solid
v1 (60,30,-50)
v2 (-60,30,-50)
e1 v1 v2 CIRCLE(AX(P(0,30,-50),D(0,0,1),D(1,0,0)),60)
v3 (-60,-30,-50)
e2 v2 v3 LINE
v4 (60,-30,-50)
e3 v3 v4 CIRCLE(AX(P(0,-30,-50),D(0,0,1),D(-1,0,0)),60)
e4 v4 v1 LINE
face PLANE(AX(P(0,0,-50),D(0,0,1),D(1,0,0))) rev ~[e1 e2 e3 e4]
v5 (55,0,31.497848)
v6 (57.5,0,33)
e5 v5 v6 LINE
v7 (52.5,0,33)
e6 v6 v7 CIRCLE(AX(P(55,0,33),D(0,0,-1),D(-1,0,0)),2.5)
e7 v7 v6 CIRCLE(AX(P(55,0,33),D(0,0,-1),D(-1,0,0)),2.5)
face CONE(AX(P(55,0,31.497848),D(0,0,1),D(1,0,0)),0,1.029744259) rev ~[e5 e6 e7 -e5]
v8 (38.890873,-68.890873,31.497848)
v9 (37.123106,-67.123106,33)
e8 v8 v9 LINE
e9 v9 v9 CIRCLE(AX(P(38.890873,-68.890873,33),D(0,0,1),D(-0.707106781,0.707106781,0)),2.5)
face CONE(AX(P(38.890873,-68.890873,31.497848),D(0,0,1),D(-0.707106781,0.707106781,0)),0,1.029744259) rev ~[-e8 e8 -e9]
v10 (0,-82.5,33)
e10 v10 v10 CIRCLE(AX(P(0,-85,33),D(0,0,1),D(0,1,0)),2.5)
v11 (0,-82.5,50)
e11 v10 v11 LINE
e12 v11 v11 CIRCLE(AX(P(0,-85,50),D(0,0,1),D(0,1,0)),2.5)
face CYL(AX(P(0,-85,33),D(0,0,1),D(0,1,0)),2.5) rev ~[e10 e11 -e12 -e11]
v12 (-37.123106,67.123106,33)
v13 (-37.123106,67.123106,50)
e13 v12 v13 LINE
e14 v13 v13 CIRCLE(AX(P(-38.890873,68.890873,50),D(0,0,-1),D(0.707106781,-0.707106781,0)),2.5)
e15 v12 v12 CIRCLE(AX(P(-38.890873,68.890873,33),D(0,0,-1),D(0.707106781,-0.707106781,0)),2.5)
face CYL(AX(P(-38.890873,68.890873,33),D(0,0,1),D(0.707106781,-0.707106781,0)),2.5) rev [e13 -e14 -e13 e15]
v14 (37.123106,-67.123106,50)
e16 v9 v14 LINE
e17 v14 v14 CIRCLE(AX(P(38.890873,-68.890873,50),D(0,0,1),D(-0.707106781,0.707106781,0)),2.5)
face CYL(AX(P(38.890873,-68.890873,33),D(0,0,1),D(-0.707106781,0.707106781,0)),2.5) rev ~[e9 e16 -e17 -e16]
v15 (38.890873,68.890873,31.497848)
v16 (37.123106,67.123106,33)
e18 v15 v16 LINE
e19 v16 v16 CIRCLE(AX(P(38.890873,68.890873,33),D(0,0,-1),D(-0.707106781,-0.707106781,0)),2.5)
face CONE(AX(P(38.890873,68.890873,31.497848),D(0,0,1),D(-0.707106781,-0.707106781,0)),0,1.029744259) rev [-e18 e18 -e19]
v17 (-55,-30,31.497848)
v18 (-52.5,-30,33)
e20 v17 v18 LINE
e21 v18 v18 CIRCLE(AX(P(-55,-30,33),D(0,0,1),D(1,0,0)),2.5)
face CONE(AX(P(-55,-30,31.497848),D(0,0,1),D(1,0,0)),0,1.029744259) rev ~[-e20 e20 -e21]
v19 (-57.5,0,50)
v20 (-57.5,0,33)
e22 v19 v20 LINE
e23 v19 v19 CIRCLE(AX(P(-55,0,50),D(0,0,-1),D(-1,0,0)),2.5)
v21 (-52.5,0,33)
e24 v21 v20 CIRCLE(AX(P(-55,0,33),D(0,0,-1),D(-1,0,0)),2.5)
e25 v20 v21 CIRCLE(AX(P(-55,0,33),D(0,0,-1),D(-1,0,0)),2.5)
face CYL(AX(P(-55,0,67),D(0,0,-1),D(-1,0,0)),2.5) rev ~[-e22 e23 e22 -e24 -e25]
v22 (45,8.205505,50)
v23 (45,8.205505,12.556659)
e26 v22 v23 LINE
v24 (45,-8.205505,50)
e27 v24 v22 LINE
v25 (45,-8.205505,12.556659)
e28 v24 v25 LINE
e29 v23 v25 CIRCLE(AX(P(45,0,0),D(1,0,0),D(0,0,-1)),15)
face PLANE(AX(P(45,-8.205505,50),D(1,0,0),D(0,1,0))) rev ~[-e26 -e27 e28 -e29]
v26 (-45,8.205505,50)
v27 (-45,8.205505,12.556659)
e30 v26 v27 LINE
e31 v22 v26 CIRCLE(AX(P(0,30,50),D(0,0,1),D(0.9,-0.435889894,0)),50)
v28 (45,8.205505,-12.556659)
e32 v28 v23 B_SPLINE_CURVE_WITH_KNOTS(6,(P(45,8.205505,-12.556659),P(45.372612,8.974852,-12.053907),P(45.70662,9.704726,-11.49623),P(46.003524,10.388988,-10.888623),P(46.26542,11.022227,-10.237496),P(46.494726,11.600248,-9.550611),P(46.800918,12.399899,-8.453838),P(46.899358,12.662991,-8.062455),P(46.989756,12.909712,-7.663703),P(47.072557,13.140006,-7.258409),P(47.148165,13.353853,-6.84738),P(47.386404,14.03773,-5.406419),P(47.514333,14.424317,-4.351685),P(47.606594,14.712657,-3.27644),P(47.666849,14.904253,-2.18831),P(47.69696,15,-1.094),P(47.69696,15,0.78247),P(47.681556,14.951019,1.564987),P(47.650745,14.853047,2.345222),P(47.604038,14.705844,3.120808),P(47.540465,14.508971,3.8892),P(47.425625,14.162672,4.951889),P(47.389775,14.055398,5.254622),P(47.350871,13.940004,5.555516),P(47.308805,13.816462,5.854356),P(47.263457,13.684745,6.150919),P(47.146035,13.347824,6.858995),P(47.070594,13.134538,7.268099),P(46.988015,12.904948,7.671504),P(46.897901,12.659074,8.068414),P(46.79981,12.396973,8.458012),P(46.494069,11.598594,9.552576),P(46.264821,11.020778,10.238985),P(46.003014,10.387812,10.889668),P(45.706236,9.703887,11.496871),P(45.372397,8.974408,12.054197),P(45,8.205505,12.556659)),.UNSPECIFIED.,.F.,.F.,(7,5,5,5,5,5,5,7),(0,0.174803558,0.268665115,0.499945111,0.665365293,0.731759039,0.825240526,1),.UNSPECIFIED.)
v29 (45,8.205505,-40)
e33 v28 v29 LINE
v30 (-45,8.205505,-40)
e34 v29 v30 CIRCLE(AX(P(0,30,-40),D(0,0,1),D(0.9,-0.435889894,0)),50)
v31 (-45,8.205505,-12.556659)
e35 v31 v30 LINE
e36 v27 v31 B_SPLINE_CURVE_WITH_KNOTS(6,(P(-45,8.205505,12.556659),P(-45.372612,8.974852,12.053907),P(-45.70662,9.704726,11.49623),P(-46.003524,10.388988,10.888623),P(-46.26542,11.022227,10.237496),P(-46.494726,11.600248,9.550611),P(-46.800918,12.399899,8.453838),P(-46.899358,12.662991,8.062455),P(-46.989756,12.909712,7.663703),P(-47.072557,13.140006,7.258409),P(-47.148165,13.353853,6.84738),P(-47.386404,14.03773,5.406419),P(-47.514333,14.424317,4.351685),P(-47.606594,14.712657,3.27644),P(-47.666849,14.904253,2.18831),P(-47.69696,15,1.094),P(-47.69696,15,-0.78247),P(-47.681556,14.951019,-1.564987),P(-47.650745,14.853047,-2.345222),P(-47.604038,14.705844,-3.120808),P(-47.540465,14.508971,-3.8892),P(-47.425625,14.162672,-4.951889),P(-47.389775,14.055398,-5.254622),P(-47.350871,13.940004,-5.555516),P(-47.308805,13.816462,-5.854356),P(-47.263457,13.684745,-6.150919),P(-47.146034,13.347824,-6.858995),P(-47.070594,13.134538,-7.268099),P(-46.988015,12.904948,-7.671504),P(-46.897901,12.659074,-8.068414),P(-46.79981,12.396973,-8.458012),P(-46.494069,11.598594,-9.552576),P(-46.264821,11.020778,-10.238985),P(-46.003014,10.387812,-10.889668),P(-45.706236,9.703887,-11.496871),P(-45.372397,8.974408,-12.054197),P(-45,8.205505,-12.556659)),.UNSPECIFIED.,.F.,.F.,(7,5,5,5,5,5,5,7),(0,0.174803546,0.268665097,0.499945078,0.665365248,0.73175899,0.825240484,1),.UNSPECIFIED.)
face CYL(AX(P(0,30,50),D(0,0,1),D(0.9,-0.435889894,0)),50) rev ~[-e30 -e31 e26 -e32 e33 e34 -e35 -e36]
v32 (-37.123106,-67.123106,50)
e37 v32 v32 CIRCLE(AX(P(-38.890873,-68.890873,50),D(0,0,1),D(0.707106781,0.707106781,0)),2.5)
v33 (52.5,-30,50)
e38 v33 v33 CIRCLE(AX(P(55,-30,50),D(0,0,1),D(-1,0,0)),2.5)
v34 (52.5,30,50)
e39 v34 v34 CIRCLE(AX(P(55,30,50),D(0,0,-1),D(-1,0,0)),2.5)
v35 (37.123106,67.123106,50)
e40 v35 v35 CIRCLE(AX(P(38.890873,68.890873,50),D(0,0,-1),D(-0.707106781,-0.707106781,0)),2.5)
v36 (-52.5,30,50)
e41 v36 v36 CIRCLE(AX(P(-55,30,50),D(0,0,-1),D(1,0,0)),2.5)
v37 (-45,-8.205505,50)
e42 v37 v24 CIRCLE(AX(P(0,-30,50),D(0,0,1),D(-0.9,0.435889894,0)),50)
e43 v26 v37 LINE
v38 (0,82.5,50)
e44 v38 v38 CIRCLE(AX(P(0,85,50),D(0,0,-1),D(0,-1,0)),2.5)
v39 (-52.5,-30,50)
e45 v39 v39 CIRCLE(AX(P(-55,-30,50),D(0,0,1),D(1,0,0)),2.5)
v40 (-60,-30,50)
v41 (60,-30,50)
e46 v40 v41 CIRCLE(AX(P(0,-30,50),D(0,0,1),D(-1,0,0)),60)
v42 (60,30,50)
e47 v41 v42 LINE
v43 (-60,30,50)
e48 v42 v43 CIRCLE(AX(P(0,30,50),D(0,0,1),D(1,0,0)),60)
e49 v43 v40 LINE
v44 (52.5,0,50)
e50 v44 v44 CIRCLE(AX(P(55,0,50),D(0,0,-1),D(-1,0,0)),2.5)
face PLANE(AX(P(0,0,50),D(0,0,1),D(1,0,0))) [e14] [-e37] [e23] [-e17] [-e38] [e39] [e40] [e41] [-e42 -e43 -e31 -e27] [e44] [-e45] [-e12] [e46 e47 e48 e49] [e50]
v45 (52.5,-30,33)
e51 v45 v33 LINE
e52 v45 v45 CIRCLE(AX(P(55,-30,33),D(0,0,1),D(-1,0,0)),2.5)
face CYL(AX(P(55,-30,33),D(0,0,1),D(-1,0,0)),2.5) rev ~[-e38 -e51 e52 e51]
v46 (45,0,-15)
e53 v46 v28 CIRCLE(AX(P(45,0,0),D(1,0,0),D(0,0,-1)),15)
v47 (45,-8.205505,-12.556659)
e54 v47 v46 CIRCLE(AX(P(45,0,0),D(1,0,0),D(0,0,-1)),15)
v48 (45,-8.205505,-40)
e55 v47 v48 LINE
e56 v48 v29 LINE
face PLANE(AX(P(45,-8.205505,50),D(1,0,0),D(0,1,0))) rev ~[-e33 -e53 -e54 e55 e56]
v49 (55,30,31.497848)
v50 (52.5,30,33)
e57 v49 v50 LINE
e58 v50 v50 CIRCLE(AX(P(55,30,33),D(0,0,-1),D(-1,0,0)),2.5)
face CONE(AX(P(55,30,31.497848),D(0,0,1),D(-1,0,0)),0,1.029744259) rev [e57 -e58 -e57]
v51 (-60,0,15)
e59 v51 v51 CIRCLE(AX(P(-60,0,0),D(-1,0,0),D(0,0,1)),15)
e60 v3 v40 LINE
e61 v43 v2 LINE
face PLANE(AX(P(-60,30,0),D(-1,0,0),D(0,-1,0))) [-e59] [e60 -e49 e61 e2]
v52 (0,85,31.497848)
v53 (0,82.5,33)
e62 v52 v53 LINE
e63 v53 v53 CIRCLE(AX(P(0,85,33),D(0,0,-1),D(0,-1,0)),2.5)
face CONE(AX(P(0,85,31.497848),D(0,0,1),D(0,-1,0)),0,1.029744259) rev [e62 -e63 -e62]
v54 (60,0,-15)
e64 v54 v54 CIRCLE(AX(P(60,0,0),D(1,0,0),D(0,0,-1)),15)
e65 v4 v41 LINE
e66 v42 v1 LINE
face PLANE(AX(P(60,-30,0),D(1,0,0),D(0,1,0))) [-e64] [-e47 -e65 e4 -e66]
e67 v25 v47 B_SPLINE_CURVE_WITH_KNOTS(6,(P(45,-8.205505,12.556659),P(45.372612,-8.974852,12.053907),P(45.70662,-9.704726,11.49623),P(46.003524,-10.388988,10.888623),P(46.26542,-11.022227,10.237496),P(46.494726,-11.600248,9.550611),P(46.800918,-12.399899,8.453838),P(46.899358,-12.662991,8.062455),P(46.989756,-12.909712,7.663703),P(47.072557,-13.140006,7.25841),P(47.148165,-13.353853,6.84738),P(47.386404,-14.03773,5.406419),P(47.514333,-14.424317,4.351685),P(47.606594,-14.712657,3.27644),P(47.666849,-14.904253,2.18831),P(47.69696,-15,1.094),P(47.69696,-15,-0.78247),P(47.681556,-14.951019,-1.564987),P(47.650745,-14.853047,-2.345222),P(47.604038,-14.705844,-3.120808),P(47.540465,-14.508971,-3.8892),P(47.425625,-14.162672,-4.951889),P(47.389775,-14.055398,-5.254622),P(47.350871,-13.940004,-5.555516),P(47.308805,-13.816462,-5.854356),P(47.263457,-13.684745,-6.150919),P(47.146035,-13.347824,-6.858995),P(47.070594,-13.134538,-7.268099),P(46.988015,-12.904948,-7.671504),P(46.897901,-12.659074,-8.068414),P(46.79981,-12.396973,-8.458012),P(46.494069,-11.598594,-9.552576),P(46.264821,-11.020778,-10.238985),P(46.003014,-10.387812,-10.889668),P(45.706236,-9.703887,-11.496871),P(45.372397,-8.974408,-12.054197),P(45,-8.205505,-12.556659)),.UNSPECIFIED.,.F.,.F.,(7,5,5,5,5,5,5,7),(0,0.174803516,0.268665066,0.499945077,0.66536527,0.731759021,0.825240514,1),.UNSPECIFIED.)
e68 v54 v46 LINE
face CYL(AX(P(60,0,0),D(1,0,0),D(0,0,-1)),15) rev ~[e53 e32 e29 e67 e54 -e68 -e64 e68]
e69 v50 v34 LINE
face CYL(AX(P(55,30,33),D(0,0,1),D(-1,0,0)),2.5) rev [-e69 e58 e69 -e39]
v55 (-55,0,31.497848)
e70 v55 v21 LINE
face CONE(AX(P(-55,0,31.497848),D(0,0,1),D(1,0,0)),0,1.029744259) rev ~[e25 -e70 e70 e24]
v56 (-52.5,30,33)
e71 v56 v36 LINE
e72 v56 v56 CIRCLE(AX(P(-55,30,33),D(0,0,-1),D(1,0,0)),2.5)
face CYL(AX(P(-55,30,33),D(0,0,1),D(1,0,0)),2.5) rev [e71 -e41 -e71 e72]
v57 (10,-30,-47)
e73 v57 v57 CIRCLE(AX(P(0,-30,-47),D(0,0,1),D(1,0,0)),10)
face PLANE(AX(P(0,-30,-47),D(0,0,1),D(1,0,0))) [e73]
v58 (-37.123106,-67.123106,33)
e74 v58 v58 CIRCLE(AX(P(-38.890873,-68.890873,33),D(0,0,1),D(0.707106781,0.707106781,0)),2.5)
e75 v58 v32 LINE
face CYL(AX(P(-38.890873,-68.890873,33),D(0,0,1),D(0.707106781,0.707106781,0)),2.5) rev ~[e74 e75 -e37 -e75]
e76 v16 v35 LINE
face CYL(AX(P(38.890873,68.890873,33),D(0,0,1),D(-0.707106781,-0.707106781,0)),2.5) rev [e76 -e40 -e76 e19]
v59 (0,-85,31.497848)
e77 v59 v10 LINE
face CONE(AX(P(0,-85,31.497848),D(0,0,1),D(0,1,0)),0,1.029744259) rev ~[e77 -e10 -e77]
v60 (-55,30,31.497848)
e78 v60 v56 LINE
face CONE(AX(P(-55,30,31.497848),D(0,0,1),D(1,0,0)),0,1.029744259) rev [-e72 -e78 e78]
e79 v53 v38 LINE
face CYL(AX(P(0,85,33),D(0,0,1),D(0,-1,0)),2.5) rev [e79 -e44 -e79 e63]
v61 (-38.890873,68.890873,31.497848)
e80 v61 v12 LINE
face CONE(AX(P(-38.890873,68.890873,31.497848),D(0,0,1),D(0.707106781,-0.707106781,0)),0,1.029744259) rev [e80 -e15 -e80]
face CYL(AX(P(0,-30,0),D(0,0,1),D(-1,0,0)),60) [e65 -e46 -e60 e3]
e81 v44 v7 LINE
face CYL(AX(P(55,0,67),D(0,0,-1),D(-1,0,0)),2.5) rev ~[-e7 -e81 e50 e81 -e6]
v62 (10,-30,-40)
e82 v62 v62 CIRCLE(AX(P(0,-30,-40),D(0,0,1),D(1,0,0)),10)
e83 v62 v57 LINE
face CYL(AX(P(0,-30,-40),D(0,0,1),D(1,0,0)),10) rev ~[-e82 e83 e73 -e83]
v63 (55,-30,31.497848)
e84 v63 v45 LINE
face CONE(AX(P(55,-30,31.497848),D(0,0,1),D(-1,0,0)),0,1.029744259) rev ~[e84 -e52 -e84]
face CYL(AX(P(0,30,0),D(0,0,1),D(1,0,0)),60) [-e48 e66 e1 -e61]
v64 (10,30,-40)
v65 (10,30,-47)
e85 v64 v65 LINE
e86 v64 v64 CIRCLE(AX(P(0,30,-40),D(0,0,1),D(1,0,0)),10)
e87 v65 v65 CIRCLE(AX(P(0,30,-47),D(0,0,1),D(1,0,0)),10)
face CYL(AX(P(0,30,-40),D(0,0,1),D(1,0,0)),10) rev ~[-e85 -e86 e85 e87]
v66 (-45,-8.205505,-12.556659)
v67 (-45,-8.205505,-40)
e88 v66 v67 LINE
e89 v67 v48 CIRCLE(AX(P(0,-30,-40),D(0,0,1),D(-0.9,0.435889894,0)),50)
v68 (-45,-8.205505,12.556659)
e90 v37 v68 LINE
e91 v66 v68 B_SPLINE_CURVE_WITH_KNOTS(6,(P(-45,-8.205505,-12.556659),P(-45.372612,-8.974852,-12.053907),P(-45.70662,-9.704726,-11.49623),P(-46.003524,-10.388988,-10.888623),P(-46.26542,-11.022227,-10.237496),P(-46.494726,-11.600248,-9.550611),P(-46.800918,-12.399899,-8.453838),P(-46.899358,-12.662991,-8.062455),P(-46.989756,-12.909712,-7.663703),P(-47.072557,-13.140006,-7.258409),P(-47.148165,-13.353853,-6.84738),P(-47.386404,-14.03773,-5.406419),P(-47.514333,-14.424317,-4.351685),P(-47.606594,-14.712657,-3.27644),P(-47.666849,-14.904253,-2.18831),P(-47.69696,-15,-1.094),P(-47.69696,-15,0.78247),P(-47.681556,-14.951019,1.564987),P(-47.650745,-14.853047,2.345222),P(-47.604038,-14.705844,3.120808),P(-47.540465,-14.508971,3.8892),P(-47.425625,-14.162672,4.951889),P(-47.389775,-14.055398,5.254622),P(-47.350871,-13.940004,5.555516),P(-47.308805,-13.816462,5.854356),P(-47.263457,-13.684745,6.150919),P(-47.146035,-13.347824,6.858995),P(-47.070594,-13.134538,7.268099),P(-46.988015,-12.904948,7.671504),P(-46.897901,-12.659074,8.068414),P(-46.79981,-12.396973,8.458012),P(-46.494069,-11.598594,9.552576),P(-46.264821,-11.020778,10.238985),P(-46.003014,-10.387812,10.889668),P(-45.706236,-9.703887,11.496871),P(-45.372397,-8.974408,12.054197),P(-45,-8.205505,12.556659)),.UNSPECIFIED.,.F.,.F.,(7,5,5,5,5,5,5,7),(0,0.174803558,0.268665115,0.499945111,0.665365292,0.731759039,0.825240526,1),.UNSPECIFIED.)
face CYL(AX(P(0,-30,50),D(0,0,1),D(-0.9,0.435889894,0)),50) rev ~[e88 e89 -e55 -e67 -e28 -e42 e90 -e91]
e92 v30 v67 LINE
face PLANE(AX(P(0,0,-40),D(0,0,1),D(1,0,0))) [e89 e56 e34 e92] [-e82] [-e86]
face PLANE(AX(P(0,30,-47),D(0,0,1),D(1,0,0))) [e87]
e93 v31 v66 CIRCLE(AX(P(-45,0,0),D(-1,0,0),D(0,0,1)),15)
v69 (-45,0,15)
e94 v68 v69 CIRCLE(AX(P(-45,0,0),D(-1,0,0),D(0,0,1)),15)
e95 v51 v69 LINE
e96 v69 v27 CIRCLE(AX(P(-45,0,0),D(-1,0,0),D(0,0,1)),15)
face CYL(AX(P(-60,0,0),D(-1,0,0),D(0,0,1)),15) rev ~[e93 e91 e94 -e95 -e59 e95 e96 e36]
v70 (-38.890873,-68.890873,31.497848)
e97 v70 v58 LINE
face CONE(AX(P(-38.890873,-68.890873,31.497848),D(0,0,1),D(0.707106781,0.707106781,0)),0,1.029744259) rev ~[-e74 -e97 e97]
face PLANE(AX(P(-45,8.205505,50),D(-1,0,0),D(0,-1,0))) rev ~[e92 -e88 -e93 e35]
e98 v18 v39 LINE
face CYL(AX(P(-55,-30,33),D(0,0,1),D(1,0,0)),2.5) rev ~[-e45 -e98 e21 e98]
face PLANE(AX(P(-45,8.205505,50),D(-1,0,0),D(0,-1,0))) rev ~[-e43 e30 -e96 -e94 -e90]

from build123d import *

# Parameters (mm, degrees)
OUTER_HOUSING_EXTRUDE_DEPTH            = 50
INNER_HOUSING_CUT_DEPTH                = 90
SKETCH3_R                              = 10
SHAFT_BEARING_INSERT_HOLE_DEPTH        = 7
HIGH_PRESSURE_OUTLET_HOLE_REACH        = 122
SKETCH4_R                              = 15
LOW_PRESSURE_INLET_HOLE_REACH          = 122
SKETCH5_R                              = 15
HOUSING_COVER_TOP_FASTENER_HOLES_COUNT = 8
M6X1_0_TAPPED_HOLE2_D                  = 5
M6X1_0_TAPPED_HOLE2_DEPTH              = 17
M6X1_0_TAPPED_HOLE2_TIP                = 1.502151548


with BuildPart() as part:
    # Sketch1 → Outer Housing Extrude (new body, symmetric)
    with BuildSketch(Plane.XY):
        with BuildLine():
            Line((-60, 30), (-60, -30))
            ThreePointArc((-60, -30), (0, -90), (60, -30))
            Line((60, -30), (60, 30))
            ThreePointArc((60, 30), (0, 90), (-60, 30))
        make_face()
    extrude(amount=OUTER_HOUSING_EXTRUDE_DEPTH, both=True)

    # Sketch2 → Inner Housing Cut (cut)
    with BuildSketch(Plane.XY.offset(50)):
        with BuildLine():
            Line((-45, 8.205505282), (-45, -8.205505282))
            ThreePointArc((-45, -8.205505282), (0, -80), (45, -8.205505282))
            Line((45, -8.205505282), (45, 8.205505282))
            ThreePointArc((45, 8.205505282), (0, 80), (-45, 8.205505282))
        make_face()
    extrude(amount=-INNER_HOUSING_CUT_DEPTH, mode=Mode.SUBTRACT)

    # Sketch3 → Shaft Bearing Insert Hole (cut)
    with BuildSketch(Plane.XY.offset(-40)):
        with Locations((0, 30)):
            Circle(SKETCH3_R)
        with Locations((0, -30)):
            Circle(SKETCH3_R)
    extrude(amount=-SHAFT_BEARING_INSERT_HOLE_DEPTH, mode=Mode.SUBTRACT)

    # Sketch4 → High Pressure Outlet Hole (cut, up to next)
    with BuildSketch(Plane.ZY.offset(60), mode=Mode.PRIVATE) as high_pressure_outlet_hole_sk1:
        Circle(SKETCH4_R)
    high_pressure_outlet_hole_tool1 = extrude(high_pressure_outlet_hole_sk1.sketch, amount=-HIGH_PRESSURE_OUTLET_HOLE_REACH, mode=Mode.PRIVATE) & part.part
    add(high_pressure_outlet_hole_tool1.solids().sort_by_distance((-60, 0, 0))[0], mode=Mode.SUBTRACT)

    # Sketch5 → Low Pressure Inlet Hole (cut, up to next)
    with BuildSketch(Plane(origin=(60, 0, 0), x_dir=(0, 0, -1), z_dir=(1, 0, 0)), mode=Mode.PRIVATE) as low_pressure_inlet_hole_sk1:
        Circle(SKETCH5_R)
    low_pressure_inlet_hole_tool1 = extrude(low_pressure_inlet_hole_sk1.sketch, amount=-LOW_PRESSURE_INLET_HOLE_REACH, mode=Mode.PRIVATE) & part.part
    add(low_pressure_inlet_hole_tool1.solids().sort_by_distance((60, 0, 0))[0], mode=Mode.SUBTRACT)

    # Sketch7 → M6x1.0 Tapped Hole1 (revolve, cut)
    with BuildSketch(Plane(origin=(0, 85, 50), x_dir=(0, -1, 0), z_dir=(1, 0, 0))):
        Polygon((0, 0), (0, 18.502151548), (2.5, 17), (2.5, 0), align=None)
    m6x1_0_tapped_hole1 = revolve(axis=Axis((0, 85, 56.35), (0, 0, -1)), mode=Mode.SUBTRACT)

    # Housing Cover Top Fastener Holes: M6x1.0 Tapped Hole1 ×8 about axis, 3 skipped
    housing_cover_top_fastener_holes_axis = Axis((0, 30, 0), (0, 0, 1))
    add([m6x1_0_tapped_hole1.rotate(housing_cover_top_fastener_holes_axis, i * 360 / HOUSING_COVER_TOP_FASTENER_HOLES_COUNT) for i in range(1, HOUSING_COVER_TOP_FASTENER_HOLES_COUNT) if i not in (3, 4, 5)], mode=Mode.SUBTRACT)

    # Housing Cover Bottom Fastener Holes: M6x1.0 Tapped Hole1 across plane
    add(m6x1_0_tapped_hole1.mirror(Plane.ZX), mode=Mode.SUBTRACT)

    # Housing Cover Bottom Fastener Holes copy → Housing Cover Bottom Fastener Holes  2 (revolve, cut)
    with BuildSketch(Plane(origin=(-38.890872965, -68.890872965, 50), x_dir=(0.707106781, 0.707106781, 0), z_dir=(0.707106781, -0.707106781, 0))):
        Polygon((0, 0), (0, -18.502151548), (2.5, -17), (2.5, 0), align=None)
    revolve(axis=Axis((-38.890872965, -68.890872965, 56.35), (0, 0, 1)), mode=Mode.SUBTRACT)

    # Housing Cover Bottom Fastener Holes  3 → Housing Cover Bottom Fastener Holes  4 (revolve, cut)
    with BuildSketch(Plane(origin=(-55, -30, 50), x_dir=(1, 0, 0), z_dir=(0, -1, 0))):
        Polygon((0, 0), (0, -18.502151548), (2.5, -17), (2.5, 0), align=None)
    revolve(axis=Axis((-55, -30, 56.35), (0, 0, 1)), mode=Mode.SUBTRACT)

    # Housing Cover Bottom Fastener Holes  5 → Housing Cover Bottom Fastener Holes  6 (revolve, cut)
    with BuildSketch(Plane(origin=(55, -30, 50), x_dir=(-1, 0, 0), z_dir=(0, 1, 0))):
        Polygon((0, 0), (0, -18.502151548), (2.5, -17), (2.5, 0), align=None)
    revolve(axis=Axis((55, -30, 56.35), (0, 0, 1)), mode=Mode.SUBTRACT)

    # Housing Cover Bottom Fastener Holes  7 → Housing Cover Bottom Fastener Holes  8 (revolve, cut)
    with BuildSketch(Plane(origin=(38.890872965, -68.890872965, 50), x_dir=(-0.707106781, 0.707106781, 0), z_dir=(0.707106781, 0.707106781, 0))):
        Polygon((0, 0), (0, -18.502151548), (2.5, -17), (2.5, 0), align=None)
    revolve(axis=Axis((38.890872965, -68.890872965, 56.35), (0, 0, 1)), mode=Mode.SUBTRACT)

    # M6x1.0 Tapped Hole2
    with Locations(Plane.XY.offset(50)):
        with Locations((-55, 0), (55, 0)):
            Hole(M6X1_0_TAPPED_HOLE2_D / 2, depth=M6X1_0_TAPPED_HOLE2_DEPTH)
            with Locations((0, 0, -(M6X1_0_TAPPED_HOLE2_DEPTH + M6X1_0_TAPPED_HOLE2_TIP / 2))):  # 118° drill point
                Cone(0, M6X1_0_TAPPED_HOLE2_D / 2, M6X1_0_TAPPED_HOLE2_TIP, mode=Mode.SUBTRACT)


solid = part.part
